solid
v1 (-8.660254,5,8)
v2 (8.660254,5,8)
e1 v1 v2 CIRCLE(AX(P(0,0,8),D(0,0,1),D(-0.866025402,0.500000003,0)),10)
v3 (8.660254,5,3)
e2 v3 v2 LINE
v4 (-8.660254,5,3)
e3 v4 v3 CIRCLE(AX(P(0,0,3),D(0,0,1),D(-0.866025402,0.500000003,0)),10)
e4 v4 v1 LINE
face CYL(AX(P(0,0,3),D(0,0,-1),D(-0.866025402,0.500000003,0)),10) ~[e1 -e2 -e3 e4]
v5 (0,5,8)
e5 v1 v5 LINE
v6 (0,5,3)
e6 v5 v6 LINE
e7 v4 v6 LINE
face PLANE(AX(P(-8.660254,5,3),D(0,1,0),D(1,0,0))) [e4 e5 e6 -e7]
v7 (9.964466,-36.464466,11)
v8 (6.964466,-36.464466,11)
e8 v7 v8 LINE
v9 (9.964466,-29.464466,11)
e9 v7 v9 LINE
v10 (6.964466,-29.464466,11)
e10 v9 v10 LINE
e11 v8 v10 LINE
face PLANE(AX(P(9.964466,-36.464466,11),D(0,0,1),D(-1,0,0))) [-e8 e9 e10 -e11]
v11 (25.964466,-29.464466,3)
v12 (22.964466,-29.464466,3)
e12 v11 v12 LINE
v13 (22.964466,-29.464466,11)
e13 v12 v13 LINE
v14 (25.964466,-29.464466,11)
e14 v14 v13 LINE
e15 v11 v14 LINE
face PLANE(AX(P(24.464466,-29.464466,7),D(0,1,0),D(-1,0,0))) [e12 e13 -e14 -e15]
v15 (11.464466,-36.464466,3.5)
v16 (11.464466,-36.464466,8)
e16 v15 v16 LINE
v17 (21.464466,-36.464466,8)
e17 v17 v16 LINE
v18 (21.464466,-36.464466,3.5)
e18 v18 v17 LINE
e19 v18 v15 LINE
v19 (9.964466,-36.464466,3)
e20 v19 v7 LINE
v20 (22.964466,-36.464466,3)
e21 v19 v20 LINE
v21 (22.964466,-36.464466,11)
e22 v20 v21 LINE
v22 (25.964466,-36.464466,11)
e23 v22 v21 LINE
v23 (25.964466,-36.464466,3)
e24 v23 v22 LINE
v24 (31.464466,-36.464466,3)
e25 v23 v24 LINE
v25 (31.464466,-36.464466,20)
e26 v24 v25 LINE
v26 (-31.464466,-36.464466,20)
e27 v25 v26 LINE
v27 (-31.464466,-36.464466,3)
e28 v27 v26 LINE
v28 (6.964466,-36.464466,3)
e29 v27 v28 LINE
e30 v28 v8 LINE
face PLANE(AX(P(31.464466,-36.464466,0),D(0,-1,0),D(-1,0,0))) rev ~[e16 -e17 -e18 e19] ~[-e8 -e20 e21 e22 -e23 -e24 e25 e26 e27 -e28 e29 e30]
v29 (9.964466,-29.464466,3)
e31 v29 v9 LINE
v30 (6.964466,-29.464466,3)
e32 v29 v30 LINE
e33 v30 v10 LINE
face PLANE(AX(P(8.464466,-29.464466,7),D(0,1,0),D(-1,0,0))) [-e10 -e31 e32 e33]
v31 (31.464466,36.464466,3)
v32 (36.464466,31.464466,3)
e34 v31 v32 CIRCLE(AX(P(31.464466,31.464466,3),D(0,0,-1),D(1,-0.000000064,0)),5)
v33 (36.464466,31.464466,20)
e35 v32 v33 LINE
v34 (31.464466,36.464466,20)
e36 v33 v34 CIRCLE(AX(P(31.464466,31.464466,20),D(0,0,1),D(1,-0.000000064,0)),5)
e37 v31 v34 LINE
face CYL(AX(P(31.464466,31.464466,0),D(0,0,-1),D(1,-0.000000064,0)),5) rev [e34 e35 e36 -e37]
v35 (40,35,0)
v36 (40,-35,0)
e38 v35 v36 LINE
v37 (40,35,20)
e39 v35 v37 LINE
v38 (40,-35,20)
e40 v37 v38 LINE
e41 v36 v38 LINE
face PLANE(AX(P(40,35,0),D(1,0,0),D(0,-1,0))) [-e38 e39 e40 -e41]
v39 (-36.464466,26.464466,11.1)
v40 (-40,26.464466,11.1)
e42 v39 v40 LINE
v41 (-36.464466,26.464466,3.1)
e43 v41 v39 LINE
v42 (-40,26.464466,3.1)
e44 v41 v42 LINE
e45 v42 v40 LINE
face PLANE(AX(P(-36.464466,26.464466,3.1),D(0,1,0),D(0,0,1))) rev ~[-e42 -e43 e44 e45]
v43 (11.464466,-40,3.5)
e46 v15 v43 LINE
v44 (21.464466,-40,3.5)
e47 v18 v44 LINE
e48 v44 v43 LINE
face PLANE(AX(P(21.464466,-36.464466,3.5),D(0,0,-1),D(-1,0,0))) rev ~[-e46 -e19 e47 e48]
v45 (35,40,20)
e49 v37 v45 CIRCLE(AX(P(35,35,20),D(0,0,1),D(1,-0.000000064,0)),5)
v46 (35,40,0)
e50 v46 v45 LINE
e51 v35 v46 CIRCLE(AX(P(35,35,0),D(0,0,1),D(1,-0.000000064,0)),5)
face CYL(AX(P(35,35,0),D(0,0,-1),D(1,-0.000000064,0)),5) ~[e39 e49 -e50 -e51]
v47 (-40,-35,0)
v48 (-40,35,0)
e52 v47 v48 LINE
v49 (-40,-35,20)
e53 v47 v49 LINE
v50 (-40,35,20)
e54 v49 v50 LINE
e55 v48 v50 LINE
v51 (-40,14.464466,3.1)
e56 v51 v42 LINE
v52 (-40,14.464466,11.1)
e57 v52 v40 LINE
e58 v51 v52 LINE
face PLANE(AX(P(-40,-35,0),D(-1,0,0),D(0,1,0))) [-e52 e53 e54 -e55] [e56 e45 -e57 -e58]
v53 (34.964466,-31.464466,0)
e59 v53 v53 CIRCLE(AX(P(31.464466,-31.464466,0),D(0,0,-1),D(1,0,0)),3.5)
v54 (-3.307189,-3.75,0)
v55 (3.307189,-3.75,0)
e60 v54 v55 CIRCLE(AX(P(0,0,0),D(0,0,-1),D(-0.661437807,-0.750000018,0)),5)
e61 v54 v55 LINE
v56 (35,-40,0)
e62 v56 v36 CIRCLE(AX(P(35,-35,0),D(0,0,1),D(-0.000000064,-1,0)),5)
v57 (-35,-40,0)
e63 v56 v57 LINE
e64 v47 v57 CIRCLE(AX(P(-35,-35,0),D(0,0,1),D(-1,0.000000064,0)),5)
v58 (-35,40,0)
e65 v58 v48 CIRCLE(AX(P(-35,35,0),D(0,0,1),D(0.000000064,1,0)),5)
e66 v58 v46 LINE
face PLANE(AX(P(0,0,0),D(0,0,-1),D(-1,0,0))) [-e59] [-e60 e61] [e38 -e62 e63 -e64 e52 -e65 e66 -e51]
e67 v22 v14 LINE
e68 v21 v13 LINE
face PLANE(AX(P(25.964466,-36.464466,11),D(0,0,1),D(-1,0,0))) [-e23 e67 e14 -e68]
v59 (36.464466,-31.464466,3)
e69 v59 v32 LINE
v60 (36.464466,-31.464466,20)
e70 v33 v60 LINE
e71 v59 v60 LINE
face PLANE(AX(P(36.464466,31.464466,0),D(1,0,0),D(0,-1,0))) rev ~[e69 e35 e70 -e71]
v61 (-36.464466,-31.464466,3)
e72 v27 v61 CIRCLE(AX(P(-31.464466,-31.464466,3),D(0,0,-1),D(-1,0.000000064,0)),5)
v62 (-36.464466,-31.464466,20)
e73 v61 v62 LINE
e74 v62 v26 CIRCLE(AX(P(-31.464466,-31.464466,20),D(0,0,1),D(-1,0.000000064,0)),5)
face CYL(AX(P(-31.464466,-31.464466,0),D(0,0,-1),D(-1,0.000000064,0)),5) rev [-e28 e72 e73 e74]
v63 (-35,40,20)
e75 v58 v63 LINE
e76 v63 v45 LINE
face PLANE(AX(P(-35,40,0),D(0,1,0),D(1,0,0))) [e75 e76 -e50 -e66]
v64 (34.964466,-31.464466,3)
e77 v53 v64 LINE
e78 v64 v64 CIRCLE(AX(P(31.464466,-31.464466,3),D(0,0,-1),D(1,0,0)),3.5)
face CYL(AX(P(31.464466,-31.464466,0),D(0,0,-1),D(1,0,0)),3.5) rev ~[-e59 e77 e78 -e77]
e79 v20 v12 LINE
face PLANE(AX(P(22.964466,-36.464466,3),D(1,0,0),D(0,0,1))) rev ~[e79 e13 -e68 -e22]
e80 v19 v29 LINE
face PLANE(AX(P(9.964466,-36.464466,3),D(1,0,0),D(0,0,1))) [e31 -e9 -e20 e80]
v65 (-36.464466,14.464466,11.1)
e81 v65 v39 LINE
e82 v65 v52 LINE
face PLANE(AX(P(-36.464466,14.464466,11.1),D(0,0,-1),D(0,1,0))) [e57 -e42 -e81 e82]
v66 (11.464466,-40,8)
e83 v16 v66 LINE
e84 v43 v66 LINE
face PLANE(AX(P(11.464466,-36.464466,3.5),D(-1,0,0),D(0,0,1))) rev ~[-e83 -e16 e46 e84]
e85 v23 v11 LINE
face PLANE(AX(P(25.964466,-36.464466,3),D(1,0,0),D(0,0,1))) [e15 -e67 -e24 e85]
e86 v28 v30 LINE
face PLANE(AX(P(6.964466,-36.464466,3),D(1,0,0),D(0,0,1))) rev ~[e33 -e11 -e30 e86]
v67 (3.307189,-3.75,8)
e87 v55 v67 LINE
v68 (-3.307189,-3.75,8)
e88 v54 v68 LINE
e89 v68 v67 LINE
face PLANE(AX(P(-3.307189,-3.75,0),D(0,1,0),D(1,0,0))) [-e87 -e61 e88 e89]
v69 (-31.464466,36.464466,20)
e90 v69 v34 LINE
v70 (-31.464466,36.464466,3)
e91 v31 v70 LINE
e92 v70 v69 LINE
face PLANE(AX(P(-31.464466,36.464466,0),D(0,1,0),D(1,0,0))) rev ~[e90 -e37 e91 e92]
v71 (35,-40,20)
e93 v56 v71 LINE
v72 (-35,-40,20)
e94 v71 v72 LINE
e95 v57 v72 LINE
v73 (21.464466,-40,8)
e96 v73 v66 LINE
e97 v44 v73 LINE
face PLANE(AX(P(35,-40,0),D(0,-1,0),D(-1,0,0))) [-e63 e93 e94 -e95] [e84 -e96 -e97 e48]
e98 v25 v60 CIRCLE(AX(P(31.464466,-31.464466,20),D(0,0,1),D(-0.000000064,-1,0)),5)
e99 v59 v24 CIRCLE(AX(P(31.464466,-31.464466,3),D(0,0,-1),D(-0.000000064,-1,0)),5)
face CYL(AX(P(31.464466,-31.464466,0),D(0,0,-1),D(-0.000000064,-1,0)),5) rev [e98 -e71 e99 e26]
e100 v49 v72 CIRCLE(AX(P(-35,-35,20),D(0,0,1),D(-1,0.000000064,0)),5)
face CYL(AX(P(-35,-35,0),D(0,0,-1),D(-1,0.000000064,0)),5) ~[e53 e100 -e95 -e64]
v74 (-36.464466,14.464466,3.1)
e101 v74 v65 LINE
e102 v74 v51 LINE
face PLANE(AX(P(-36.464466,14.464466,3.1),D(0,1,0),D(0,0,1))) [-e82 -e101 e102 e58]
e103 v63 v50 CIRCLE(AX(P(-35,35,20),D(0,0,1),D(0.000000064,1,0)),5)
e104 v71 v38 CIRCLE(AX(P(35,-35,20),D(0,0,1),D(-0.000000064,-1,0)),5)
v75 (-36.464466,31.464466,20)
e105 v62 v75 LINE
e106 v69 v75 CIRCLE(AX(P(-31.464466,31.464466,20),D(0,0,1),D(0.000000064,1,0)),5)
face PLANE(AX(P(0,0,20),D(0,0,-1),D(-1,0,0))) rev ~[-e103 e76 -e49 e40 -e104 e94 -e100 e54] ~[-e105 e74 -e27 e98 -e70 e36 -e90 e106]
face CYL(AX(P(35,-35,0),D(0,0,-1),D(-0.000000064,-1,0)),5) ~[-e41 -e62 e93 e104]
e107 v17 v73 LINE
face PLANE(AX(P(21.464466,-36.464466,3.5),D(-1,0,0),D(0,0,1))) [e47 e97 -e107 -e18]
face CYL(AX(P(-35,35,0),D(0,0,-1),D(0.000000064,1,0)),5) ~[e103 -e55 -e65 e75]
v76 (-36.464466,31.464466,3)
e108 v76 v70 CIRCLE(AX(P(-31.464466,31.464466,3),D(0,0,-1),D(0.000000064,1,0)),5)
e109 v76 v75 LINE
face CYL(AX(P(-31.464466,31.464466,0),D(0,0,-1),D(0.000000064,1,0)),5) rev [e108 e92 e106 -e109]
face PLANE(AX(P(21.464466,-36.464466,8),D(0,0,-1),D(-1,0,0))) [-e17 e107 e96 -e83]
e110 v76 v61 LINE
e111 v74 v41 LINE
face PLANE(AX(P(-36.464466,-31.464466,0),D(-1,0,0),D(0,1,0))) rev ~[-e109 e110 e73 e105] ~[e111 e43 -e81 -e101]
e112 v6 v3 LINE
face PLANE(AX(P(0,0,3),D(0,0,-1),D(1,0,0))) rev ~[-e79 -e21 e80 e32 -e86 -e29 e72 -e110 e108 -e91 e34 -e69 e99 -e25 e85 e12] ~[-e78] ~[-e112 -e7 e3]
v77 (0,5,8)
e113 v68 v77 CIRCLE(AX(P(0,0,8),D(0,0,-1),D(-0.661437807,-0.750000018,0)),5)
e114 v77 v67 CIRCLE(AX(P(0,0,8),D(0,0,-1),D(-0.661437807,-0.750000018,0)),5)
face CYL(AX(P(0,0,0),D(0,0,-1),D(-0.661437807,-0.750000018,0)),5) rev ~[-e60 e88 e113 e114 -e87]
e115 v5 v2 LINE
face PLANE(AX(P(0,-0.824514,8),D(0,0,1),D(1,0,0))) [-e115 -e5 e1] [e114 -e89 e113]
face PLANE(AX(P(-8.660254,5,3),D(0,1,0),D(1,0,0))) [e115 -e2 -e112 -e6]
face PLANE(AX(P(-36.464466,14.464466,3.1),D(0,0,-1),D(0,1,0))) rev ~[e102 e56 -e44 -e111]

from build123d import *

# Parameters (mm, degrees)
PAD_DEPTH       = 20
SKETCH001_W     = 75
SKETCH001_H     = 75
PAD001_DEPTH    = 3
SKETCH003_W     = 10
SKETCH003_H     = 4.5
POCKET001_DEPTH = 3.535534
SKETCH004_W     = 3
SKETCH004_H     = 8
PAD002_DEPTH    = 7
PAD003_DEPTH    = 5
SKETCH006_W     = 12
SKETCH006_H     = 8
POCKET002_DEPTH = 3.535534
SKETCH002_R     = 3.5
POCKET_DEPTH    = 8


with BuildPart() as part:
    # Sketch → Pad (new body)
    with BuildSketch(Plane.XY):
        with BuildLine():
            Line((-35, 40), (35, 40))
            ThreePointArc((40, 35), (38.535534, 38.535534), (35, 40))
            Line((40, 35), (40, -35))
            ThreePointArc((35, -40), (38.535534, -38.535534), (40, -35))
            Line((35, -40), (-35, -40))
            ThreePointArc((-40, -35), (-38.535534, -38.535534), (-35, -40))
            Line((-40, -35), (-40, 35))
            ThreePointArc((-35, 40), (-38.535534, 38.535534), (-40, 35))
        make_face()
        with BuildLine():
            Line((-31.464466, 36.464466), (31.464466, 36.464466))
            ThreePointArc((36.464466, 31.464466), (35, 35), (31.464466, 36.464466))
            Line((36.464466, 31.464466), (36.464466, -31.464466))
            ThreePointArc((31.464466, -36.464466), (35, -35), (36.464466, -31.464466))
            Line((31.464466, -36.464466), (-31.464466, -36.464466))
            ThreePointArc((-36.464466, -31.464466), (-35, -35), (-31.464466, -36.464466))
            Line((-36.464466, -31.464466), (-36.464466, 31.464466))
            ThreePointArc((-31.464466, 36.464466), (-35, 35), (-36.464466, 31.464466))
        make_face(mode=Mode.SUBTRACT)
    extrude(amount=PAD_DEPTH)

    # Sketch001 (on Face17 of Pad) → Pad001 (join)
    with BuildSketch(Plane(origin=(0, 0, 0), x_dir=(1, 0, 0), z_dir=(0, 0, -1))):
        Rectangle(SKETCH001_W, SKETCH001_H)
    extrude(amount=-PAD001_DEPTH)

    # Sketch003 → Pocket001 (cut)
    with BuildSketch(Plane(origin=(0, -36.464466, 0), x_dir=(-1, 0, 0), z_dir=(0, 1, 0))):
        with Locations((-16.464466, 5.75)):
            Rectangle(SKETCH003_W, SKETCH003_H)
    extrude(amount=-POCKET001_DEPTH, mode=Mode.SUBTRACT)

    # Sketch004 (on Face15 of Pocket001) → Pad002 (join)
    with BuildSketch(Plane(origin=(0, -36.464466, 0), x_dir=(-1, 0, 0), z_dir=(0, 1, 0))):
        with Locations((-24.464466, 7)):
            Rectangle(SKETCH004_W, SKETCH004_H)
        with Locations((-8.464466, 7)):
            Rectangle(SKETCH004_W, SKETCH004_H)
    extrude(amount=PAD002_DEPTH)

    # Sketch005 (on Face25 of Pad002) → Pad003 (join)
    with BuildSketch(Plane.XY.offset(3)):
        with BuildLine():
            ThreePointArc((-8.660254, 5), (0, -10), (8.660254, 5))
            Line((-8.660254, 5), (8.660254, 5))
        make_face()
    extrude(amount=PAD003_DEPTH)

    # Sketch006 → Pocket002 (cut)
    with BuildSketch(Plane.YZ.offset(-36.464466)):
        with Locations((20.464466, 7.1)):
            Rectangle(SKETCH006_W, SKETCH006_H)
    extrude(amount=-POCKET002_DEPTH, mode=Mode.SUBTRACT)

    # Sketch002 (on Face20 of Pad001) → Pocket (cut)
    with BuildSketch(Plane(origin=(0, 0, 0), x_dir=(1, 0, 0), z_dir=(0, 0, -1))):
        with Locations((31.464466, 31.464466)):
            Circle(SKETCH002_R)
        with BuildLine():
            ThreePointArc((-3.307189, 3.75), (0, -5), (3.307189, 3.75))
            Line((-3.307189, 3.75), (3.307189, 3.75))
        make_face()
    extrude(amount=-POCKET_DEPTH, mode=Mode.SUBTRACT)


solid = part.part
